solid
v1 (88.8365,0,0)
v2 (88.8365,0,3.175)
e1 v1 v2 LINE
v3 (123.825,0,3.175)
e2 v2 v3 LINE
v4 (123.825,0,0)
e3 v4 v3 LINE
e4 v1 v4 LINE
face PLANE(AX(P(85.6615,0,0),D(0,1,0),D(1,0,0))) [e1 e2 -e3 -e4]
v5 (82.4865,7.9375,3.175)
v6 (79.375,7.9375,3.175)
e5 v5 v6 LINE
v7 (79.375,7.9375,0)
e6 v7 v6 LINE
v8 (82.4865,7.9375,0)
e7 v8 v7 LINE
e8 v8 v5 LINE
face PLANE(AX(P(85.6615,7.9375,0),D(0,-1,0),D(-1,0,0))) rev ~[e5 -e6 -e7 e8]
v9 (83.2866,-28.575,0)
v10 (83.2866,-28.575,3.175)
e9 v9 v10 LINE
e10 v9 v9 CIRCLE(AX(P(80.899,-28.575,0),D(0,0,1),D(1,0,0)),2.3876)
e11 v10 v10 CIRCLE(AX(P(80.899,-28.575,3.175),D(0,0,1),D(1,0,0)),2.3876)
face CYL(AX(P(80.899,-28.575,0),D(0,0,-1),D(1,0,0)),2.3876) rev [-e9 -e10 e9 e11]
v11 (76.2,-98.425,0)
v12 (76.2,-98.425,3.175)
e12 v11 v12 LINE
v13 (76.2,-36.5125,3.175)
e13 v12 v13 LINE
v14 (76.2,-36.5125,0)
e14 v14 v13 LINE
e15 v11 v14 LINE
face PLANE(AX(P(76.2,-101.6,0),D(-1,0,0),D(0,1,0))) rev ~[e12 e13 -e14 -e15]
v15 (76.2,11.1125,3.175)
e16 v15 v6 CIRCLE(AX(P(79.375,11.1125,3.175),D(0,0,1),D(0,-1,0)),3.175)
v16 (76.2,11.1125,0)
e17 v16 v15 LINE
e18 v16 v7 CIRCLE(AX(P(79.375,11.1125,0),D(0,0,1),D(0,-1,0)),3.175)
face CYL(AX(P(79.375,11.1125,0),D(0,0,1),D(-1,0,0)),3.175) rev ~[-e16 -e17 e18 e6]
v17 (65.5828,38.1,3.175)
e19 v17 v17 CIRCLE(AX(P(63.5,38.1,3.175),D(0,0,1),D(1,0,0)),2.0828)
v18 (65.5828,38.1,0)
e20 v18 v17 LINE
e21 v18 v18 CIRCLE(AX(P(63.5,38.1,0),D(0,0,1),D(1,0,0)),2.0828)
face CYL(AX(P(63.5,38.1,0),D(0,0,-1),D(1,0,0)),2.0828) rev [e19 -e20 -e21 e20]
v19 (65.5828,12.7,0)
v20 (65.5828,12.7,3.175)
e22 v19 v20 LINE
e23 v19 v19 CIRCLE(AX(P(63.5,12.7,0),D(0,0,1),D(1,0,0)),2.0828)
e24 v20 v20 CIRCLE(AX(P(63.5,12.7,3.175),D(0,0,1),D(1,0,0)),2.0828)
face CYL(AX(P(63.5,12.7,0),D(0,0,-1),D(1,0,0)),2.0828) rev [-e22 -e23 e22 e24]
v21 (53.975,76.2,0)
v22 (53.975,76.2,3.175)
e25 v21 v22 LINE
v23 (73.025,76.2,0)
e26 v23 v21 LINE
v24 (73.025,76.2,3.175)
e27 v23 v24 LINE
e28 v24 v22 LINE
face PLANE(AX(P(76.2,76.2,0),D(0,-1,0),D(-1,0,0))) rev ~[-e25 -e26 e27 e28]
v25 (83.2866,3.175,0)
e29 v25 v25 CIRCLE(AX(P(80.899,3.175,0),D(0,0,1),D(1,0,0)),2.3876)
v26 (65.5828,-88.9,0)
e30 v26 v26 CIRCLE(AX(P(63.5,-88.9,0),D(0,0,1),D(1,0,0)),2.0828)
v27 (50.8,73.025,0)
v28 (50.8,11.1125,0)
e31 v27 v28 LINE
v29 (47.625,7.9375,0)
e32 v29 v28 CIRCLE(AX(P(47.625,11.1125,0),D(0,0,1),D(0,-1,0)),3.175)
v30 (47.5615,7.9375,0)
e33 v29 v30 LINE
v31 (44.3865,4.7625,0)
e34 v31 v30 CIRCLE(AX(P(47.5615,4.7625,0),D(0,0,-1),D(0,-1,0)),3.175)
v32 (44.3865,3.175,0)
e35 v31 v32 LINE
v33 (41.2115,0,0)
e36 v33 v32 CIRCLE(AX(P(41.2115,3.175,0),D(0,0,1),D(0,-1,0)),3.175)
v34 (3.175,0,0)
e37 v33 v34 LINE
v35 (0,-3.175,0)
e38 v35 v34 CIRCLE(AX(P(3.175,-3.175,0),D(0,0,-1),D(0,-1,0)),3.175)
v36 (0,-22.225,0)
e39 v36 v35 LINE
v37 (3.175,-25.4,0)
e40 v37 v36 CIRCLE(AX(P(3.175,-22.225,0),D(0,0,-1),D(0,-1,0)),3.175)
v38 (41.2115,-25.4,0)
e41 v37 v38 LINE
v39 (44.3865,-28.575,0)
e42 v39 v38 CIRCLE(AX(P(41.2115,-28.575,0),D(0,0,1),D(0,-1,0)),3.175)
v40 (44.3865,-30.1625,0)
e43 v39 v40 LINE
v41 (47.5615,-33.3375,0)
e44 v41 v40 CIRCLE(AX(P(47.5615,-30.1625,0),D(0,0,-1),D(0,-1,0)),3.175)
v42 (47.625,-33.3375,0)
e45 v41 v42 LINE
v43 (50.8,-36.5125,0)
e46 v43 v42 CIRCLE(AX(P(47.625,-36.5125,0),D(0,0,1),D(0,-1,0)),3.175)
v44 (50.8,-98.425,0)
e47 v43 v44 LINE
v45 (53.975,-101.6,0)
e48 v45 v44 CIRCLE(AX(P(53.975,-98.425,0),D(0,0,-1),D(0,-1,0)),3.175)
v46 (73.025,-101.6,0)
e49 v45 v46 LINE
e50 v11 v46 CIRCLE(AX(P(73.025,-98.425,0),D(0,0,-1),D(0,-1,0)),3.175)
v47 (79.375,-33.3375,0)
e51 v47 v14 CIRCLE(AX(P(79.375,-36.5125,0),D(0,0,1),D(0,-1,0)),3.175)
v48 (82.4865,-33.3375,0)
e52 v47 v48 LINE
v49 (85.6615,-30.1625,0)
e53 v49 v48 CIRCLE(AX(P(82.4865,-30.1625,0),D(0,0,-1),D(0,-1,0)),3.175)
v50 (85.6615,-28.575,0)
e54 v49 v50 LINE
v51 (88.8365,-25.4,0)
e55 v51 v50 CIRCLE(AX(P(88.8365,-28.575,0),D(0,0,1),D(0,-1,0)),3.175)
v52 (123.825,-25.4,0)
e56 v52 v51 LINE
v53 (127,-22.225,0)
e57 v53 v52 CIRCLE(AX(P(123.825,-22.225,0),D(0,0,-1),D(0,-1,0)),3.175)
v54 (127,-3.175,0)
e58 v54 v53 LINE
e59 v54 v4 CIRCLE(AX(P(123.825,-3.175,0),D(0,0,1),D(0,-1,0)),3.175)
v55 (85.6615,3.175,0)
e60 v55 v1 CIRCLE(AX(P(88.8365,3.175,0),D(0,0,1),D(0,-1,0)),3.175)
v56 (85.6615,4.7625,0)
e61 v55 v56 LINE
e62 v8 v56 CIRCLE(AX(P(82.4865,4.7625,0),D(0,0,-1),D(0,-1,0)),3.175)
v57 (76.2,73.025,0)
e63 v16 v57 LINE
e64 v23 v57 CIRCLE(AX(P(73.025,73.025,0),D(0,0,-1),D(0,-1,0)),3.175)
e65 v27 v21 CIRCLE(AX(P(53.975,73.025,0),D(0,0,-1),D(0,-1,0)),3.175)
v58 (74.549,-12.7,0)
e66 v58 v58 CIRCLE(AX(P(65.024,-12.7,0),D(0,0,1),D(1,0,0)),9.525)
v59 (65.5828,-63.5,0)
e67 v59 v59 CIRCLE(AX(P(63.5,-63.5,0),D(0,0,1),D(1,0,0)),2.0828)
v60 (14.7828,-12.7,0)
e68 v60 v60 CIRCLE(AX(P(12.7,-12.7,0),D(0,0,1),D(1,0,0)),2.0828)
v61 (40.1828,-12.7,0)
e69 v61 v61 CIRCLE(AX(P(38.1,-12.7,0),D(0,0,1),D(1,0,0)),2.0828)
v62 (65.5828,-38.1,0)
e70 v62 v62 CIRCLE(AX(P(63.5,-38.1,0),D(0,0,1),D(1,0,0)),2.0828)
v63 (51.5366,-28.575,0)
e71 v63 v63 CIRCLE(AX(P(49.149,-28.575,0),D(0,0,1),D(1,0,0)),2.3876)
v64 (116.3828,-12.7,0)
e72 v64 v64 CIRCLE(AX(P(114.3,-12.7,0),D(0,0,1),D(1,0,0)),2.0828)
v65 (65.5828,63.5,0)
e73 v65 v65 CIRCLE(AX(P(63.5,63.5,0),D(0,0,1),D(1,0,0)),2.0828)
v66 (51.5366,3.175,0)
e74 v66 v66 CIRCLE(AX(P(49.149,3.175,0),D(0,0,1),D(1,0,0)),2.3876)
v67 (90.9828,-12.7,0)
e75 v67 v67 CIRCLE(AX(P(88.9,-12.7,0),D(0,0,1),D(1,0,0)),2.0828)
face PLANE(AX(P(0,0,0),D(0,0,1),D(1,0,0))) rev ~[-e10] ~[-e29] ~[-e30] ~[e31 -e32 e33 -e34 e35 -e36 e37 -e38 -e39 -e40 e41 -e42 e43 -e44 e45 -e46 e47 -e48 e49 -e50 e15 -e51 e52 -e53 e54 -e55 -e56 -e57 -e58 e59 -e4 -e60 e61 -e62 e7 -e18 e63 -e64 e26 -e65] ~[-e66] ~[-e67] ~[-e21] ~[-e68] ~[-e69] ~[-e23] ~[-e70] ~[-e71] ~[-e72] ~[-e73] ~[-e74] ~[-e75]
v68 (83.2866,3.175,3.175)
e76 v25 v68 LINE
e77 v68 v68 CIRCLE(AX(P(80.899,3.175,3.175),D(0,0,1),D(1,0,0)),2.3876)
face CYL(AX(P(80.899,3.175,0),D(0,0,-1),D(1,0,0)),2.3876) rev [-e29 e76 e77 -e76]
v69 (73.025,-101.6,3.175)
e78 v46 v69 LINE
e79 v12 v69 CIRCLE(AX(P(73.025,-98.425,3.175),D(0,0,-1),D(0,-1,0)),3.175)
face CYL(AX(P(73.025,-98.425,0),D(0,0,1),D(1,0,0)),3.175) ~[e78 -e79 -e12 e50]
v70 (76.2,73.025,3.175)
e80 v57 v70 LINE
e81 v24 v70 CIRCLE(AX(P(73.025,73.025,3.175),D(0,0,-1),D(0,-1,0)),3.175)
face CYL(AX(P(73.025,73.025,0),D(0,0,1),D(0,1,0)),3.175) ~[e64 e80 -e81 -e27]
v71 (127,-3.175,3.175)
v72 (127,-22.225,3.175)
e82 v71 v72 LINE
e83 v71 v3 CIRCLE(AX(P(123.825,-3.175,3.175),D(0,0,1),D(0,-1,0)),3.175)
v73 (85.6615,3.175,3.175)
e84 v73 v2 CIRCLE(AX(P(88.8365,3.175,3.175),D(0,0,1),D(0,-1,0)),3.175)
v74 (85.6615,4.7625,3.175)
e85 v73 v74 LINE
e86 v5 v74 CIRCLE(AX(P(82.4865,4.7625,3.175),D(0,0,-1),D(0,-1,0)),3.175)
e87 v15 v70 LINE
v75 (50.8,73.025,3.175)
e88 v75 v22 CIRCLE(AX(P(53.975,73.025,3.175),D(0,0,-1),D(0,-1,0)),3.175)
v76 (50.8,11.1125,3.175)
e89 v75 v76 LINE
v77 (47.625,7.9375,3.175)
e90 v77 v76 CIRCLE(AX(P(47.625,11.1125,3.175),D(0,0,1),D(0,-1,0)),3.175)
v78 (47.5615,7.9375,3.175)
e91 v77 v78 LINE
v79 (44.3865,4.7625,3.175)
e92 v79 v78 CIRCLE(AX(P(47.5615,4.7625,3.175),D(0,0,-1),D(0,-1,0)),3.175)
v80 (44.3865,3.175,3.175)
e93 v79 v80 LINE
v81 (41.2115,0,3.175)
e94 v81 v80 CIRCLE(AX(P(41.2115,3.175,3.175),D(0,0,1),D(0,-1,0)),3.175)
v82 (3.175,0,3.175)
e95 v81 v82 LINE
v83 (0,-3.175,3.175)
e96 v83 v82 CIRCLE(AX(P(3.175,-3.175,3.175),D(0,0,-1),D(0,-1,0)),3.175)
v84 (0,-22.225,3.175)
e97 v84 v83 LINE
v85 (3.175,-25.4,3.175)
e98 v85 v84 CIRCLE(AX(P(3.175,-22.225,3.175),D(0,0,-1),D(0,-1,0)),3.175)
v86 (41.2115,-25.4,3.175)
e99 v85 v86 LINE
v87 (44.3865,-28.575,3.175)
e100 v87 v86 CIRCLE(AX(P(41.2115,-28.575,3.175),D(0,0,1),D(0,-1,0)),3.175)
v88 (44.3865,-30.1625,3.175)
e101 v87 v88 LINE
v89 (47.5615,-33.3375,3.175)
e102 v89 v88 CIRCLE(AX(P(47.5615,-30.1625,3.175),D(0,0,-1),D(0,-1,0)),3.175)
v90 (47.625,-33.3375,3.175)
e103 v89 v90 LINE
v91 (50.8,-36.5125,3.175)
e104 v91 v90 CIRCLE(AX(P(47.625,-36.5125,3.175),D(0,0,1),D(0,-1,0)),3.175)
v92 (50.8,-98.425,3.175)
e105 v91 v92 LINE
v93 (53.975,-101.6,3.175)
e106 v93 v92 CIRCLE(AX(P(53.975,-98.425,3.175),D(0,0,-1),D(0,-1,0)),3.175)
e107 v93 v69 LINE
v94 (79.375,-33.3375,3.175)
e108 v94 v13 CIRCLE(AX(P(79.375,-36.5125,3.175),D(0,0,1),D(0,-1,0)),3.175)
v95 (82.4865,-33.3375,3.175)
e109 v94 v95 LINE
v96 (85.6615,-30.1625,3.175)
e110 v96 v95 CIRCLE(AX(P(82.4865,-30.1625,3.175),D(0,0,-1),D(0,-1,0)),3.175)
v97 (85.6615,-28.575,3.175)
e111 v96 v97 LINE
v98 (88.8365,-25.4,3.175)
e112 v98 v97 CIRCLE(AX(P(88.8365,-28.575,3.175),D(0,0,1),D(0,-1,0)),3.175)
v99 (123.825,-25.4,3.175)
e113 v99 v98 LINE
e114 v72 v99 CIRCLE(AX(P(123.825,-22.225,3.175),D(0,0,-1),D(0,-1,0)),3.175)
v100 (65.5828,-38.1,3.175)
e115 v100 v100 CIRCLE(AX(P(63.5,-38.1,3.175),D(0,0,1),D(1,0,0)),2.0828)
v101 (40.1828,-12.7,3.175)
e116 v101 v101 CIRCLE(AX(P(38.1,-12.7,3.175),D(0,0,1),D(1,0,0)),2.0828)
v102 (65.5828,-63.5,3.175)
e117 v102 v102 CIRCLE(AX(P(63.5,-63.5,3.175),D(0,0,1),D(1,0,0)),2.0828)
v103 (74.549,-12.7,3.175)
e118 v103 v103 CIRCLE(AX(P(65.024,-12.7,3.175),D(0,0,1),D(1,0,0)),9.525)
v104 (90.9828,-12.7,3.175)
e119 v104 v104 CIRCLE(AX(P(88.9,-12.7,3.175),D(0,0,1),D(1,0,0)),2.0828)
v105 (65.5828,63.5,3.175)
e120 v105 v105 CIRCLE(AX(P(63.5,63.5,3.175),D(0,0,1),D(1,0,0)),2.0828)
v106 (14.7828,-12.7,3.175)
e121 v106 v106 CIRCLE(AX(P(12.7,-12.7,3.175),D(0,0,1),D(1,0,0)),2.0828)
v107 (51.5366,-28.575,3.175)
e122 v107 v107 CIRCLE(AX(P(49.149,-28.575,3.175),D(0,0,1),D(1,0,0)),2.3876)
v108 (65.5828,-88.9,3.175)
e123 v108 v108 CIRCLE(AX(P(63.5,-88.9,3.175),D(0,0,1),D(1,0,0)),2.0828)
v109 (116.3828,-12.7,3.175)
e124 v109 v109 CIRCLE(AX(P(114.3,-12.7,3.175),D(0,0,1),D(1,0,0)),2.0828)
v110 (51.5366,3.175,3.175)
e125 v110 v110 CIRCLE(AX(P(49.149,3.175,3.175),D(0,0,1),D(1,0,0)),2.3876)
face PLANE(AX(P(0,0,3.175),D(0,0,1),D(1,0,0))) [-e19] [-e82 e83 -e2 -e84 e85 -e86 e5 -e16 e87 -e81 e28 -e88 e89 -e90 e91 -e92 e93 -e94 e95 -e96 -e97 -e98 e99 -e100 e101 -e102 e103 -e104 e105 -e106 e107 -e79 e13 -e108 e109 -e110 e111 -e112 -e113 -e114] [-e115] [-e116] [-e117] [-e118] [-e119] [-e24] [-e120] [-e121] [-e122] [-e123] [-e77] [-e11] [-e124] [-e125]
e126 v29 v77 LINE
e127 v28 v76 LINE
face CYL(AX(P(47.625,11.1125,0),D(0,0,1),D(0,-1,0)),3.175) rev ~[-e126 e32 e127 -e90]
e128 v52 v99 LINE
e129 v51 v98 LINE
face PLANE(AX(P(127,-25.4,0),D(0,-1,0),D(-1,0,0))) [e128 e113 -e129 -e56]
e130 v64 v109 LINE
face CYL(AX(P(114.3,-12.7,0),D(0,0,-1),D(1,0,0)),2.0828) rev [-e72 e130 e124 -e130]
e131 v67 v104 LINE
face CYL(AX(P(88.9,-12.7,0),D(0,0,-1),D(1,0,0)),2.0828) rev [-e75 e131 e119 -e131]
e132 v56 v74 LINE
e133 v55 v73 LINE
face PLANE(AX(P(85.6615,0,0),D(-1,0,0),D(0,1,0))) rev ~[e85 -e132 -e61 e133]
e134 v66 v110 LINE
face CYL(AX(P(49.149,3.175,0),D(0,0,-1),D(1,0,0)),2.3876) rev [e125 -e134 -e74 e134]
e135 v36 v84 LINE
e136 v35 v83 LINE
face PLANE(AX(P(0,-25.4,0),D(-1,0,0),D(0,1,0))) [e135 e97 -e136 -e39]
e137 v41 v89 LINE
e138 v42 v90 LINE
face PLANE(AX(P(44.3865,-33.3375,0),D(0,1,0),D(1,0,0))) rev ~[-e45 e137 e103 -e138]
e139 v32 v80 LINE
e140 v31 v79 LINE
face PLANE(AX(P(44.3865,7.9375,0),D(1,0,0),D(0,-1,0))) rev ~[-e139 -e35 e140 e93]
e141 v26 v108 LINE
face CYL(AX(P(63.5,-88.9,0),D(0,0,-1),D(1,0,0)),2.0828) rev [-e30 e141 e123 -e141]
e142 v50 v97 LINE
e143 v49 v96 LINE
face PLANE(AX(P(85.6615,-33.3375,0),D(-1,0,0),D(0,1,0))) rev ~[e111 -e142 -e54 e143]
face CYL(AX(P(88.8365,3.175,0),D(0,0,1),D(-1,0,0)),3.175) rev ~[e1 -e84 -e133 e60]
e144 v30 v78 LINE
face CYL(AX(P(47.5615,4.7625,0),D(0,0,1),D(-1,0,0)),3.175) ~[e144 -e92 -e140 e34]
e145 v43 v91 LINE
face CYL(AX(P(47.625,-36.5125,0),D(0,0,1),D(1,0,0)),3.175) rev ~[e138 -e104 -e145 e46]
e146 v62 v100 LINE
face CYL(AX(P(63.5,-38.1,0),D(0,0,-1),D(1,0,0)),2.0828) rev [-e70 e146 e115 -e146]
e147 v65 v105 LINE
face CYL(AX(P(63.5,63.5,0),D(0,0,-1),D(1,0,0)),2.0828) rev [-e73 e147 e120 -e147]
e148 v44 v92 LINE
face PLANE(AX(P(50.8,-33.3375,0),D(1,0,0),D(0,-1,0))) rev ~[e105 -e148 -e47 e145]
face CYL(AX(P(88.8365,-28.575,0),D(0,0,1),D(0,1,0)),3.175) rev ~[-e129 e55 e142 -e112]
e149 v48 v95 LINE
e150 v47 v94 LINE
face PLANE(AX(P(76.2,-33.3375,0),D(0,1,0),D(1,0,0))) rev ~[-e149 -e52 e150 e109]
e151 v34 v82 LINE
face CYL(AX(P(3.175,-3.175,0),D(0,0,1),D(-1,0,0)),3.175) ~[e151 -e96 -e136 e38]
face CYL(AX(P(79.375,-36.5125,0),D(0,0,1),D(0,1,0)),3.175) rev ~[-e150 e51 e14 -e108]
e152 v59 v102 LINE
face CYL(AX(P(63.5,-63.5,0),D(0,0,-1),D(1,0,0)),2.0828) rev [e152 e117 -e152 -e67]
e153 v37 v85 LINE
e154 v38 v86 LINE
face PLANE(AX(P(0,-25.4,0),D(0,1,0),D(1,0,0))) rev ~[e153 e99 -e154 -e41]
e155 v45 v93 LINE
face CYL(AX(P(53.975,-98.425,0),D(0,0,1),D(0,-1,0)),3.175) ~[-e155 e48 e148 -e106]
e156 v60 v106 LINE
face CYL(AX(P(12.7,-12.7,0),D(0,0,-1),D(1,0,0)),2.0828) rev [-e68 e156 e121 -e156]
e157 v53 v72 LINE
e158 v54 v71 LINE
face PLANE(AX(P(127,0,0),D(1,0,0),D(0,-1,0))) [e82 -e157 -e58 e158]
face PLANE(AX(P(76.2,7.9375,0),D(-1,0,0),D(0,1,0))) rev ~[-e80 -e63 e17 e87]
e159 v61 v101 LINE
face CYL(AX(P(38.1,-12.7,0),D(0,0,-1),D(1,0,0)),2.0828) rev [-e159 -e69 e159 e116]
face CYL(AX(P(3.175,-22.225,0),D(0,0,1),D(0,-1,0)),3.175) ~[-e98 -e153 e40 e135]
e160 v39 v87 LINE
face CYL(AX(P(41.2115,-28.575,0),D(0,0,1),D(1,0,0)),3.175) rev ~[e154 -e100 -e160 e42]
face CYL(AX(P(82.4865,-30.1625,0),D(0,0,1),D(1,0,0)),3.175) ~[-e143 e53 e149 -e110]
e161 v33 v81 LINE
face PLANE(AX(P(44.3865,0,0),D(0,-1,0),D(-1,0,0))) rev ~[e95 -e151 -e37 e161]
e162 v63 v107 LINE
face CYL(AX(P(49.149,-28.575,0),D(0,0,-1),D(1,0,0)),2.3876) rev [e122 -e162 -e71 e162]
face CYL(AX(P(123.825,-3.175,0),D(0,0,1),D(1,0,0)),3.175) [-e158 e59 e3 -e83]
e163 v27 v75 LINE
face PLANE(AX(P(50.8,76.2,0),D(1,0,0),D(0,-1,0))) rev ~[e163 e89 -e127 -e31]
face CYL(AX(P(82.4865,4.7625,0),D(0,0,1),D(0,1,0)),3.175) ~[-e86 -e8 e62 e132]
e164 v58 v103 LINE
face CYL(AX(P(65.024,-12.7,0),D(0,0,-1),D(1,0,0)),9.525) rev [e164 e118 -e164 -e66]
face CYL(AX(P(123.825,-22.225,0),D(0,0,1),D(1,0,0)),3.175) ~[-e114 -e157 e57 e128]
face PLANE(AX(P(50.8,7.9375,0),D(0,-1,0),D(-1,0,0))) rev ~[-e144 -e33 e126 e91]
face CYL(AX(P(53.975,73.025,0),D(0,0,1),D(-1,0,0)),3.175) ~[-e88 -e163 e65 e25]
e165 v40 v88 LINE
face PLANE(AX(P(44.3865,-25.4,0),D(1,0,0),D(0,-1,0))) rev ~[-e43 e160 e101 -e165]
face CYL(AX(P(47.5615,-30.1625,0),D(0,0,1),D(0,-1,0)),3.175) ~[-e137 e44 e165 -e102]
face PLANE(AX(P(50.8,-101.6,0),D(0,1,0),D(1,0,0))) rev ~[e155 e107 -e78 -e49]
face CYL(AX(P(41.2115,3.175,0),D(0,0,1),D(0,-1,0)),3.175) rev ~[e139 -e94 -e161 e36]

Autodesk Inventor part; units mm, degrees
ref_plane "YZ Plane" through (0, 0, 0) normal (1, 0, 0) x (0, 1, 0)
ref_plane "XZ Plane" through (0, 0, 0) normal (0, 1, 0) x (-1, 0, 0)
ref_plane "XY Plane" through (0, 0, 0) normal (0, 0, 1) x (1, 0, 0)
sketch "Sketch1" plane through (0, 0, 0) normal (0, 0, 1) x (1, 0, 0)
  line L0 (127, 0) -> (127, -25.4)
  line L1 (0, -25.4) -> (0, 0)
  line L2 (127, -25.4) -> (85.6615, -25.4)
  line L3 (44.3865, 7.9375) -> (44.3865, 0)
  line L4 (44.3865, -25.4) -> (44.3865, -33.3375)
  line L5 (85.6615, 0) -> (127, 0)
  line L6 (85.6615, -33.3375) -> (85.6615, -25.4)
  line L7 (85.6615, 0) -> (85.6615, 7.9375)
  circle A0 centre (114.3, -12.7) radius 2.0828
  circle A1 centre (12.7, -12.7) radius 2.0828
  line L8 (80.899, 3.175) -> (49.149, 3.175) construction
  line L9 (49.149, 3.175) -> (49.149, -28.575) construction
  line L10 (49.149, -28.575) -> (80.899, -28.575) construction
  line L11 (80.899, -28.575) -> (80.899, 3.175) construction
  circle A2 centre (80.899, 3.175) radius 2.3876
  circle A3 centre (80.899, -28.575) radius 2.3876
  circle A4 centre (49.149, 3.175) radius 2.3876
  circle A5 centre (49.149, -28.575) radius 2.3876
  circle A6 centre (65.024, -12.7) radius 9.525
  line L12 (44.3865, 0) -> (0, 0)
  line L13 (0, -25.4) -> (44.3865, -25.4)
  line L14 (76.2, 7.9375) -> (76.2, 76.2)
  line L15 (76.2, 76.2) -> (50.8, 76.2)
  line L16 (50.8, 76.2) -> (50.8, 7.9375)
  line L17 (50.8, -33.3375) -> (50.8, -101.6)
  line L18 (50.8, -101.6) -> (76.2, -101.6)
  line L19 (76.2, -101.6) -> (76.2, -33.3375)
  line L20 (85.6615, 7.9375) -> (76.2, 7.9375)
  line L21 (50.8, 7.9375) -> (44.3865, 7.9375)
  line L22 (44.3865, -33.3375) -> (50.8, -33.3375)
  line L23 (76.2, -33.3375) -> (85.6615, -33.3375)
  circle A7 centre (63.5, 12.7) radius 2.0828
  circle A8 centre (63.5, -38.1) radius 2.0828
  circle A9 centre (63.5, 38.1) radius 2.0828
  circle A10 centre (63.5, 63.5) radius 2.0828
  circle A11 centre (63.5, -63.5) radius 2.0828
  circle A12 centre (63.5, -88.9) radius 2.0828
  circle A13 centre (88.9, -12.7) radius 2.0828
  circle A14 centre (38.1, -12.7) radius 2.0828
  dimension "d12" = 25.4
  dimension "d13" = 127
  dimension "d14" = 41.275
  dimension "d15" = 4.1656
  dimension "d16" = 4.1656
  dimension "d17" = 31.75
  dimension "d18" = 31.75
  dimension "d19" = 4.7625
  dimension "d20" = 12.7
  dimension "d21" = 12.7
  dimension "d22" = 12.7
  dimension "d23" = 4.7752
  dimension "d24" = 31.75
  dimension "d25" = 31.75
  dimension "d26" = 19.05
  dimension "d27" = 20.6375
  dimension "d28" = 61.976
  dimension "d29" = 12.7
  dimension "d30" = 25.4
  dimension "d31" = 50.8
  dimension "d32" = 76.2
  dimension "d33" = 25.4
  dimension "d34" = 76.2
  dimension "d35" = 41.275
  dimension "d36" = 4.7625
  dimension "d37" = 20.6375
  dimension "d38" = 4.1656
  dimension "d39" = 4.1656
  dimension "d40" = 12.7
  dimension "d41" = 12.7
  dimension "d42" = 25.4
  dimension "d43" = 12.7
  dimension "d44" = 12.7
  dimension "d45" = 25.4
  dimension "d53" = 25.4
  dimension "d60" = 25.4
extrude "Extrusion1" add sketch "Sketch1" along normal blind 3.175
fillet "Fillet1" radius 3.175 20 edges at (76.2, 7.9375, 1.5875) (85.6615, 7.9375, 1.5875) (85.6615, 0, 1.5875) (127, 0, 1.5875) (127, -25.4, 1.5875) (85.6615, -33.3375, 1.5875) (85.6615, -25.4, 1.5875) (76.2, -33.3375, 1.5875) (76.2, -101.6, 1.5875) (50.8, -101.6, 1.5875) (50.8, -33.3375, 1.5875) (44.3865, -33.3375, 1.5875) (44.3865, -25.4, 1.5875) (0, -25.4, 1.5875) (0, 0, 1.5875) (44.3865, 0, 1.5875) (50.8, 7.9375, 1.5875) (44.3865, 7.9375, 1.5875) (76.2, 76.2, 1.5875) (50.8, 76.2, 1.5875)
properties part number "Plate 2" material "Aluminum 6061"
